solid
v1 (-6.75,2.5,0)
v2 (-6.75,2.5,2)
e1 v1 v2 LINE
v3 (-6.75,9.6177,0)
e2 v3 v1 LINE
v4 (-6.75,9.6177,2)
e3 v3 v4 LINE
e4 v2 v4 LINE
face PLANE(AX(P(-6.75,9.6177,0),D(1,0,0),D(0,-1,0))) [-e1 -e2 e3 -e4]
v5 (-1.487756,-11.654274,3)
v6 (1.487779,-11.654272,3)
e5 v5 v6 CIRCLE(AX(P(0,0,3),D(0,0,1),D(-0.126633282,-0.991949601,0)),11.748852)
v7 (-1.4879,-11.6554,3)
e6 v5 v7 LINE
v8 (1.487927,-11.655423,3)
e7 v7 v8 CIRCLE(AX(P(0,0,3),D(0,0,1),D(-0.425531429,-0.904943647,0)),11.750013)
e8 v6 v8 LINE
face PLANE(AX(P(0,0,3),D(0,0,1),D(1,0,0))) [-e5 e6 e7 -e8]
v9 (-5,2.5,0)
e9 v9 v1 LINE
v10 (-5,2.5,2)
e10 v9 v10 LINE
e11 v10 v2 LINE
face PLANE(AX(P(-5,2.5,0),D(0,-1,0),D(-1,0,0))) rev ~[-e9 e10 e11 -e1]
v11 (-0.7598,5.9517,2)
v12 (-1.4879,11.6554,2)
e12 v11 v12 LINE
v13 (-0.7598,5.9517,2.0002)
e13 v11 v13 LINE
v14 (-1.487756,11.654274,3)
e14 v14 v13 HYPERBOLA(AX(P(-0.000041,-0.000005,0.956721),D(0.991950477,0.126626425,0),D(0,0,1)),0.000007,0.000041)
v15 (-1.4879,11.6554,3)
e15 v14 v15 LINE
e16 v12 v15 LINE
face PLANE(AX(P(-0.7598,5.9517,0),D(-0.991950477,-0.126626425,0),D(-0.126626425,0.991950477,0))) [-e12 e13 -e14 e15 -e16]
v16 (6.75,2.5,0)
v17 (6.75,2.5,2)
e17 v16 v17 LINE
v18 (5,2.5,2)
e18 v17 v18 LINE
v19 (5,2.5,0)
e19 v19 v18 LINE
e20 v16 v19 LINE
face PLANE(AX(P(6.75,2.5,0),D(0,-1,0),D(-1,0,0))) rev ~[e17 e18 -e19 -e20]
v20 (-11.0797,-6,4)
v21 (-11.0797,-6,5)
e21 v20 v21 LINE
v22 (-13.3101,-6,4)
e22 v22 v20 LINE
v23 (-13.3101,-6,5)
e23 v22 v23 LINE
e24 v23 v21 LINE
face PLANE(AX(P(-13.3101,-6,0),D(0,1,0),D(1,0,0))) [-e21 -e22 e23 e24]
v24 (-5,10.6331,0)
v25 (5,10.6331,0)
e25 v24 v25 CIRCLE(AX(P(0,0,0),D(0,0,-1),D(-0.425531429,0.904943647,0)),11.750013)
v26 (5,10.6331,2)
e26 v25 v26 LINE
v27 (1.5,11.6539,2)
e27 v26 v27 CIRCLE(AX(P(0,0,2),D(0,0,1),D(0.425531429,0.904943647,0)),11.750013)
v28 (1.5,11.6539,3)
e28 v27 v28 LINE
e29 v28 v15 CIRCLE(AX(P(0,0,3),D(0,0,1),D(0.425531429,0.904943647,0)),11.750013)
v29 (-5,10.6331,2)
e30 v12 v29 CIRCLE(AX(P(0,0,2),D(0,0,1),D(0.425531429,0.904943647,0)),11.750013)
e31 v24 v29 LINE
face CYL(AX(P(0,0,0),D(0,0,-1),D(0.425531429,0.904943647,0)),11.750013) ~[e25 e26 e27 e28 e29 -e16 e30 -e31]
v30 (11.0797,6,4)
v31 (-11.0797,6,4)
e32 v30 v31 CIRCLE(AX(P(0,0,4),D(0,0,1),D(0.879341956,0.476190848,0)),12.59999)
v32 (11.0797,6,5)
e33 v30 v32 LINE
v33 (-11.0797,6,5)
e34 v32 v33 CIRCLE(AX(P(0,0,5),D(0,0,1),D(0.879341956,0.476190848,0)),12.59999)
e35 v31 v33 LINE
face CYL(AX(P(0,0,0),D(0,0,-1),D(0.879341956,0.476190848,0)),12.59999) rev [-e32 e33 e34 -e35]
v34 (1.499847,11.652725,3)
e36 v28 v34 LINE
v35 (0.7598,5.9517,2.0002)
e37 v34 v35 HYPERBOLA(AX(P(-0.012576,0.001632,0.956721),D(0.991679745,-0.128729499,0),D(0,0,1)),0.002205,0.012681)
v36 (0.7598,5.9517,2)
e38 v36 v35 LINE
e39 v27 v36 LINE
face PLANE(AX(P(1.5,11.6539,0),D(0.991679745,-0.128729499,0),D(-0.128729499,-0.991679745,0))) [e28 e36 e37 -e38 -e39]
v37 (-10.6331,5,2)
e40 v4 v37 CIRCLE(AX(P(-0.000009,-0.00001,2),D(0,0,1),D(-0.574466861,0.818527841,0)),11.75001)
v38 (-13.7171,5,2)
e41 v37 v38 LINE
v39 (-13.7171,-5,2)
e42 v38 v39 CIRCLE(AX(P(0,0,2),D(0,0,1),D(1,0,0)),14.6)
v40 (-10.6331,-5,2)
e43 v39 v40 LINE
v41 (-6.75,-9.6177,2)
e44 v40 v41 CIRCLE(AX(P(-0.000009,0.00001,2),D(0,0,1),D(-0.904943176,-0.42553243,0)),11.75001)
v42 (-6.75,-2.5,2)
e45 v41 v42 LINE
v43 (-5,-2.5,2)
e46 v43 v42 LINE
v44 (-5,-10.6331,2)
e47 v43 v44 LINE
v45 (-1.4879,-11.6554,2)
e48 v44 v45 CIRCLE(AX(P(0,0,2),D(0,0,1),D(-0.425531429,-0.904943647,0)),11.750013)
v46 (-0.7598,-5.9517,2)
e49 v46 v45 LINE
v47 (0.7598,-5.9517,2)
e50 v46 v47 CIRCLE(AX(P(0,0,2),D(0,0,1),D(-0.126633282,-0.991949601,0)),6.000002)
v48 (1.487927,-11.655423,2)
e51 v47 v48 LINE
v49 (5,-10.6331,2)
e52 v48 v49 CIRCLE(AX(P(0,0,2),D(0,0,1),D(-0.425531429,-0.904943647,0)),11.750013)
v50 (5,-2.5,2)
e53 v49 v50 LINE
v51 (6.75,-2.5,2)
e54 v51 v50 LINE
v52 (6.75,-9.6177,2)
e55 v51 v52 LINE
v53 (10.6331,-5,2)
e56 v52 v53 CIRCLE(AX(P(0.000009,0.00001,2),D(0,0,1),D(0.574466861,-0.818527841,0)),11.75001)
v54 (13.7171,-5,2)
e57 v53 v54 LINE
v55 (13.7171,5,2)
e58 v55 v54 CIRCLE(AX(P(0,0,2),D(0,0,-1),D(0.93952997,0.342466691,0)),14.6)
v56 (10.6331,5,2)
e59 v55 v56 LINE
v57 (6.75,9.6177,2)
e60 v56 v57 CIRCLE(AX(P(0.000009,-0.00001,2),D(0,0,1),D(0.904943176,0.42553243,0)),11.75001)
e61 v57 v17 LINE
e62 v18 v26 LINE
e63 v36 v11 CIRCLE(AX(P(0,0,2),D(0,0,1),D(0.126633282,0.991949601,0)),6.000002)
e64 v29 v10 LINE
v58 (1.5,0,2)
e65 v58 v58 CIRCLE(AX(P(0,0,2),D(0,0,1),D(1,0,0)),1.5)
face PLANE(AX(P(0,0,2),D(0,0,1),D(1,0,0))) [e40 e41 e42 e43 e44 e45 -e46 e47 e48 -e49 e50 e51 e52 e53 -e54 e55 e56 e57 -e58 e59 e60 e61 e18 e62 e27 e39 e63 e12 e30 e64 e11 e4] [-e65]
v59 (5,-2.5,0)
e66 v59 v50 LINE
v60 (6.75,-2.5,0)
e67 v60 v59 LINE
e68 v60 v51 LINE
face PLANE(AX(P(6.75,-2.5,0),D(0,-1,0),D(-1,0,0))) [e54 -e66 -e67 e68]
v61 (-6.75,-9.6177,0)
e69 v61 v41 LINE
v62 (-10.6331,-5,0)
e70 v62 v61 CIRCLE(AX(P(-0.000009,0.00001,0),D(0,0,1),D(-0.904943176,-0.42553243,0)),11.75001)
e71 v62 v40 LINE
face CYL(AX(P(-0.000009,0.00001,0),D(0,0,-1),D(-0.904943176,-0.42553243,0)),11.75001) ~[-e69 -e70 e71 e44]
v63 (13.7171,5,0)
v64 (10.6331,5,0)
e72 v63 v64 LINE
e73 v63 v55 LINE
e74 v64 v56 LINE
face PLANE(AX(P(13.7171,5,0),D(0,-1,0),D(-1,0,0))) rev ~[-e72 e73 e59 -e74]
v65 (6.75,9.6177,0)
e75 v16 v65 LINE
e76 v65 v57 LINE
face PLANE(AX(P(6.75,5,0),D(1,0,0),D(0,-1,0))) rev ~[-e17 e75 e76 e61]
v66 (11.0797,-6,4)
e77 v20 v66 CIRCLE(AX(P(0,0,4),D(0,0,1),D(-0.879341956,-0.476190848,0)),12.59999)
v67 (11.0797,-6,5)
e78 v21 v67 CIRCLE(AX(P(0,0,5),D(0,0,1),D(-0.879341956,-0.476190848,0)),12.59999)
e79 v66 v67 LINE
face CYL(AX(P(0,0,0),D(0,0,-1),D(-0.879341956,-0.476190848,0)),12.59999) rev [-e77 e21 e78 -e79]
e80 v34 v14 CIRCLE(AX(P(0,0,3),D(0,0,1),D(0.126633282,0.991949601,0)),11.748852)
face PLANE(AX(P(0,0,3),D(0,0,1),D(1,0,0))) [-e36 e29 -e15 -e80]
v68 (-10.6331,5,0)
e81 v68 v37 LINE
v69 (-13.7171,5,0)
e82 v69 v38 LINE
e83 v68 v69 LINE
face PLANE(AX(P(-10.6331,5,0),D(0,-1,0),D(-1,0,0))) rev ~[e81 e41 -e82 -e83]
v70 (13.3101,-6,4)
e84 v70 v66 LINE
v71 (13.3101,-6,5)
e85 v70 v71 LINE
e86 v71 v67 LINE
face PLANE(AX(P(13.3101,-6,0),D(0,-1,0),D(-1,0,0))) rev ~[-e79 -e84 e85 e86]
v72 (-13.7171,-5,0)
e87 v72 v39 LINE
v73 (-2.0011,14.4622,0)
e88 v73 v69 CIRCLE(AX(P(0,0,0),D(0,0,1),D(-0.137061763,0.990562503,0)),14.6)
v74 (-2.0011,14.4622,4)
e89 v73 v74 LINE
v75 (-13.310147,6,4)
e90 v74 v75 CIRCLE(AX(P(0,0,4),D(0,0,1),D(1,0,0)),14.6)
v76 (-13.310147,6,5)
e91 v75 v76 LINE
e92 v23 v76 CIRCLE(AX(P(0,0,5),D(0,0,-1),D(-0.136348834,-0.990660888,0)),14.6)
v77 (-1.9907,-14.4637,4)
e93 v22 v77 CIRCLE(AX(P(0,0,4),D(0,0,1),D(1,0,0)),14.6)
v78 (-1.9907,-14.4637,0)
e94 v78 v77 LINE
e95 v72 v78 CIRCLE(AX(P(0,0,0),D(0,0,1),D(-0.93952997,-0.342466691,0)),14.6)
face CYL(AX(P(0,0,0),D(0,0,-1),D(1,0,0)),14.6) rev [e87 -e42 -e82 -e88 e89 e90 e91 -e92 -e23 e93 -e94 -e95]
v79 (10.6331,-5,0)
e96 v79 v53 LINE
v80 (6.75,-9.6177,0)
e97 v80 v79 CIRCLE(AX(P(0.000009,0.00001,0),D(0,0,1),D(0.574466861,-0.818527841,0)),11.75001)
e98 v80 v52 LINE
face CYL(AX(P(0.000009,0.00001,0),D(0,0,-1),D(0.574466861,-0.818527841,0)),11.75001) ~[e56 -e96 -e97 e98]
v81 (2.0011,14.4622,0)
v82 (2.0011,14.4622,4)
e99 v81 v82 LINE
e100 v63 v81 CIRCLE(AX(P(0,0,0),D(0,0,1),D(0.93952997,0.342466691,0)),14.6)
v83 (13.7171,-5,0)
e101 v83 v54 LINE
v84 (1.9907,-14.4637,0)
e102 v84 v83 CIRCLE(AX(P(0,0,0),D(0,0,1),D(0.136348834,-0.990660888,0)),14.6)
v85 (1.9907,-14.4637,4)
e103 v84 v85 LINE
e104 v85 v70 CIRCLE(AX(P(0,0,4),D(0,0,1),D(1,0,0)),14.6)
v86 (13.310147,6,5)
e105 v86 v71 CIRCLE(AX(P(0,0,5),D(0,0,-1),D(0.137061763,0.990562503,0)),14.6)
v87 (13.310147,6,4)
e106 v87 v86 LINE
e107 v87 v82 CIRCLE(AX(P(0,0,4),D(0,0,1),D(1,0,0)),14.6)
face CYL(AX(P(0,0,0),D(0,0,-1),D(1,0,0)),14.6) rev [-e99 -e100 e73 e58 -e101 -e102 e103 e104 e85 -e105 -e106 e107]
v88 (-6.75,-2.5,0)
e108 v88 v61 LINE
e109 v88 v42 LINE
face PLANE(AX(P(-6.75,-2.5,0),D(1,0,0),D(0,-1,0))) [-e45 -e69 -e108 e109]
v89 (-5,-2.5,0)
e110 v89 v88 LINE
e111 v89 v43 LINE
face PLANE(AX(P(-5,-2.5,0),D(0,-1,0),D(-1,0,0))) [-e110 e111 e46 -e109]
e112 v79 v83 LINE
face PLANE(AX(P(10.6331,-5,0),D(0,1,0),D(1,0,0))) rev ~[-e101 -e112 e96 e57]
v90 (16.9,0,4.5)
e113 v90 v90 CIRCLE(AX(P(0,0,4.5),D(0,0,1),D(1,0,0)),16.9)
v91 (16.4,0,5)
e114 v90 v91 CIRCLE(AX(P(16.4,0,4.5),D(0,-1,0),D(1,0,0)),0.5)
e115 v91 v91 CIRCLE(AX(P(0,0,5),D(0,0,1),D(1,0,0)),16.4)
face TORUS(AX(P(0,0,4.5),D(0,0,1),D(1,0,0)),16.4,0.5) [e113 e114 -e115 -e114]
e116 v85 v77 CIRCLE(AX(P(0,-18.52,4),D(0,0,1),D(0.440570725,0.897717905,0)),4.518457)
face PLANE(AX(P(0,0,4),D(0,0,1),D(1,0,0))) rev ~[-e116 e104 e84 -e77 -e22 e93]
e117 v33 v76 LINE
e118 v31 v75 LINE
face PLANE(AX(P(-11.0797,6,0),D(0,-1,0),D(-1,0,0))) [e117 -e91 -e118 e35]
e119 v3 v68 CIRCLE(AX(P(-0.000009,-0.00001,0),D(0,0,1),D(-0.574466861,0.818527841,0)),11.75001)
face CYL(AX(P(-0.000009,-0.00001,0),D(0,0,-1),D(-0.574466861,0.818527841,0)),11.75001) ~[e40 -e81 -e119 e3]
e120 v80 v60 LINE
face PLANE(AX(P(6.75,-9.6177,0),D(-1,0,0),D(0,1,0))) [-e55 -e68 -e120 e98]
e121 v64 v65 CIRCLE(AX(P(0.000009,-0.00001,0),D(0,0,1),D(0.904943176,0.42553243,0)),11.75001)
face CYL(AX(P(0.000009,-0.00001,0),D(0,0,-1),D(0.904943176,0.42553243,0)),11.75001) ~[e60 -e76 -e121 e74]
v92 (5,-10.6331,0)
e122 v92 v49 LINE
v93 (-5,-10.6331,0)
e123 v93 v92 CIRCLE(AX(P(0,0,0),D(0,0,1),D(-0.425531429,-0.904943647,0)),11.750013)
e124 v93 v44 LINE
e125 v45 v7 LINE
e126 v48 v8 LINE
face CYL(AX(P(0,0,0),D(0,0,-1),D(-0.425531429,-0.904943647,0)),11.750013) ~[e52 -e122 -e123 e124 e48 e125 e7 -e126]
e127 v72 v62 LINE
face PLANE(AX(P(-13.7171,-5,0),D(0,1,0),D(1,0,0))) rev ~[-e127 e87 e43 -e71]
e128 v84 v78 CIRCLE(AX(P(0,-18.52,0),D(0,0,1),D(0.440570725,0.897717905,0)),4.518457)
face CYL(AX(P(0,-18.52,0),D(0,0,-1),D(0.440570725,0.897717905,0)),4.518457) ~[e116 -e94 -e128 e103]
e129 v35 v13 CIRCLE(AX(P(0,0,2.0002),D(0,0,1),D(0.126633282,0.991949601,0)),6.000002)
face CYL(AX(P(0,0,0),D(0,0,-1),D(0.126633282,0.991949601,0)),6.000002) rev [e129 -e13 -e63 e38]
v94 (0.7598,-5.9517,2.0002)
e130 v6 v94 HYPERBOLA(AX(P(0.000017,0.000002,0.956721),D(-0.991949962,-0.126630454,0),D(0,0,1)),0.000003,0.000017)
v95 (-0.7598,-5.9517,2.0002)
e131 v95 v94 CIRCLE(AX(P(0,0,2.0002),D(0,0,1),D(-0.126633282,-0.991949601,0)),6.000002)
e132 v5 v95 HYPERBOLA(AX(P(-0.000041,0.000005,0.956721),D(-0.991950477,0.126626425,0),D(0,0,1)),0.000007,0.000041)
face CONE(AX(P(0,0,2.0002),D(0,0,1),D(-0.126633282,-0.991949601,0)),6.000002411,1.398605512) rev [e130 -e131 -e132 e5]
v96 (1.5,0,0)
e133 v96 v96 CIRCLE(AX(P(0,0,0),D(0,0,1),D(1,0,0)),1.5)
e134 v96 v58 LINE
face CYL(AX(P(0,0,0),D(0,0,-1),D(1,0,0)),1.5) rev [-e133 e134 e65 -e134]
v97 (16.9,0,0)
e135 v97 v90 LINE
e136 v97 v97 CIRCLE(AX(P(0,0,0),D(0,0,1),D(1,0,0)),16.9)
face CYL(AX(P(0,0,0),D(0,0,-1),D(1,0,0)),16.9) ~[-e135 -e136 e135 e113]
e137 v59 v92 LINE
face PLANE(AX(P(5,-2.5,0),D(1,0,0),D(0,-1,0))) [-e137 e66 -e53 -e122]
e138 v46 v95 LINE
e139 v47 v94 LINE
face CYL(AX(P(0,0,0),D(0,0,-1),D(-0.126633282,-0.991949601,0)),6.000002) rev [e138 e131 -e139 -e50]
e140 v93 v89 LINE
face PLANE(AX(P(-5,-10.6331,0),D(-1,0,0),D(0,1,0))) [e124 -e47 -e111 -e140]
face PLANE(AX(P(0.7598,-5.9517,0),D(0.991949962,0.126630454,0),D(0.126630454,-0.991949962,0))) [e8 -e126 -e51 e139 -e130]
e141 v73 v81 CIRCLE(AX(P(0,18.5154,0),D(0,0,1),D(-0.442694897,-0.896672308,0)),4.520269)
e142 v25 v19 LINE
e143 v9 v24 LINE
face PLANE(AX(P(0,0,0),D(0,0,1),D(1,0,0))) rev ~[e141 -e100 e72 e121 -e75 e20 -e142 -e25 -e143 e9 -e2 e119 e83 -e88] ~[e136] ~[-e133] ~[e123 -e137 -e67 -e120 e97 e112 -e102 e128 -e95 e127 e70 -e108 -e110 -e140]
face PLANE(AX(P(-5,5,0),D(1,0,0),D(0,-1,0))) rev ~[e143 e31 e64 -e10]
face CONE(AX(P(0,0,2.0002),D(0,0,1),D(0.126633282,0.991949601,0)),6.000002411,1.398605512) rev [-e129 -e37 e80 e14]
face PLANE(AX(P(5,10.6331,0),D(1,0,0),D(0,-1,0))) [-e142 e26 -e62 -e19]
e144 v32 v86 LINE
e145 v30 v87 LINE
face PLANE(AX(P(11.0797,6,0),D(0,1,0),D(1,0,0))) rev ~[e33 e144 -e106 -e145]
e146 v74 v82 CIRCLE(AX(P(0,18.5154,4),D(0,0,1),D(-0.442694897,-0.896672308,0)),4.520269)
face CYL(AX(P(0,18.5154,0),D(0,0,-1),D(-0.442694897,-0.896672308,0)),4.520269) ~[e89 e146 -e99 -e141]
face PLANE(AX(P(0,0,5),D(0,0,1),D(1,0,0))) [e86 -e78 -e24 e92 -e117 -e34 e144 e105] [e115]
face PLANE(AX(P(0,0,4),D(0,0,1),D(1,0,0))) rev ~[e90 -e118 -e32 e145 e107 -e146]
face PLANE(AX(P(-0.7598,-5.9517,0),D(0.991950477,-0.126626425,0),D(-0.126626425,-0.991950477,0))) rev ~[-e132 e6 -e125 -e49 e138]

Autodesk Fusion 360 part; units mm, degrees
sketch "Sketch1" plane through (0, 0, 0) normal (0, 0, 1) x (1, 0, 0)
  circle A0 centre (0, 0) radius 1.5
  circle A1 centre (0, 0) radius 16.9
  circle A2 centre (0, 0) radius 14.6
  line L0 (0, 0) -> (25.4189, 0) construction
  line L1 (-6.75, -9.6177) -> (-6.75, 9.6177) construction
  line L2 (6.75, 9.6177) -> (6.75, -10.6368) construction
  line L3 (-6.75, 9.6177) -> (-6.75, 5)
  line L4 (6.75, 5) -> (6.75, 9.6177)
  line L5 (-6.75, -9.6177) -> (-6.75, -5)
  line L6 (6.75, -9.6177) -> (6.75, -5)
  line L7 (-10.6331, 5) -> (-13.7171, 5)
  line L8 (-13.7171, -5) -> (-10.6331, -5)
  arc A3 (-5, -10.6331) -> (5, -10.6331) centre (0, 0) ccw
  line L9 (13.7171, 5) -> (10.6331, 5)
  line L10 (10.6331, -5) -> (13.7171, -5)
  arc A4 (6.75, -9.6177) -> (10.6331, -5) centre (0, 0) ccw
  arc A5 (-6.75, 9.6177) -> (-10.6331, 5) centre (0, 0) ccw
  arc A6 (-10.6331, -5) -> (-6.75, -9.6177) centre (0, 0) ccw
  line L11 (-13.3404, 6) -> (-13.3404, -6) construction
  line L12 (13.3404, -6) -> (13.3404, 6) construction
  line L13 (-11.0797, 6) -> (-13.3404, 6)
  line L14 (11.0797, 6) -> (13.3404, 6)
  line L15 (13.3101, -6) -> (11.0797, -6)
  line L16 (-13.3101, -6) -> (-11.0797, -6)
  line L17 (-13.3404, -6) -> (-11.0797, -6) construction
  line L18 (-11.0797, 6) -> (-13.3404, 6) construction
  arc A7 (11.0797, 6) -> (-11.0797, 6) centre (0, 0) ccw
  line L19 (13.3404, 6) -> (11.0797, 6) construction
  line L20 (10.1026, 6) -> (-10.1026, 6) construction
  arc A8 (-11.0797, -6) -> (11.0797, -6) centre (0, 0) ccw
  line L21 (-10.1026, -6) -> (10.1026, -6) construction
  line L22 (11.0797, -6) -> (13.3404, -6) construction
  arc A9 (10.6331, 5) -> (6.75, 9.6177) centre (0, 0) ccw
  arc A10 (5, 10.6331) -> (-5, 10.6331) centre (0, 0) ccw
  line L23 (-5, -10.6368) -> (-5, -5)
  line L24 (-5, 5) -> (-5, 10.6368)
  line L25 (5, 10.6368) -> (5, 5)
  line L26 (5, -5) -> (5, -10.6368)
  line L27 (-5, 5) -> (-5, 2.5)
  line L28 (-5, 2.5) -> (-6.75, 2.5)
  line L29 (-6.75, 2.5) -> (-6.75, 5)
  line L30 (-5, -5) -> (-5, -2.5)
  line L31 (-5, -2.5) -> (-6.75, -2.5)
  line L32 (-6.75, -2.5) -> (-6.75, -5)
  line L33 (6.75, -5) -> (6.75, -2.5)
  line L34 (6.75, -2.5) -> (5, -2.5)
  line L35 (5, -2.5) -> (5, -5)
  line L36 (6.75, 5) -> (6.75, 2.5)
  line L37 (6.75, 2.5) -> (5, 2.5)
  line L38 (5, 2.5) -> (5, 5)
  line L39 (1.5, -11.75) -> (-1.5, -11.75) construction
  line L40 (-1.5, -11.75) -> (-1.5, 11.75) construction
  line L41 (-1.5, 11.75) -> (1.5, 11.75) construction
  line L42 (1.5, 11.75) -> (1.5, -11.75) construction
  line L43 (1.5, -11.75) -> (-1.5, 11.75) construction
  line L44 (-1.5, -11.75) -> (1.5, 11.75) construction
  arc A11 (-0.7598, -5.9517) -> (0.7598, -5.9517) centre (0, 0) ccw
  line L45 (-0.7598, -5.9517) -> (-1.4879, -11.6554)
  line L46 (0.7598, -5.9517) -> (1.5, -11.75)
  arc A12 (0.7598, 5.9517) -> (-0.7598, 5.9517) centre (0, 0) ccw
  line L47 (-0.7598, 5.9517) -> (-1.4879, 11.6554)
  line L48 (1.5, 11.6539) -> (0.7598, 5.9517)
  line L49 (0, 0) -> (0, 17.8654) construction
  line L50 (0, 0) -> (0, -17.7378) construction
  arc A13 (1.9907, -14.4637) -> (-1.9907, -14.4637) centre (0, -18.52) ccw
  arc A14 (-2.0011, 14.4622) -> (2.0011, 14.4622) centre (0, 18.5154) ccw
  dimension "d1" = 3
  dimension "d2" = 23.5
  dimension "d4" = 33.8
  dimension "d5" = 29.2
  dimension "d10" = 12
  dimension "d11" = 2.5
  dimension "d12" = 2.5
  dimension "d13" = 2.5
  dimension "d14" = 2.5
  dimension "d15" = 3
  dimension "d16" = 23.5
  dimension "d18" = 6
  dimension "d19" = 6
extrude "Extrude1" add sketch "Sketch1" along normal blind 2 contours A2 L3 L4 L5 L6 L7 L8 A3 L9 L10 A4 A5 A6 A9 A10 L23 L24 L25 L26 L27 L28 L29 L30 L31 L32 L33 L34 L35 L36 L37 L38 A11 L45 L46 A12 L47 L48
extrude "Extrude2" add sketch "Sketch1" along normal blind 3 contours A10 A12 L47 L48
chamfer "Chamfer1" distance 5.75 distance2 1 1 edges at (0, 6, 3) measured on face at (0.9217, 9.7816, 3)
extrude "Extrude3" add sketch "Sketch1" along normal blind 3 contours A3 A11 L45 L46
chamfer "Chamfer2" distance 5.75 distance2 1 1 edges at (0, -6, 3) measured on face at (-0.7463, -9.7965, 3)
extrude "Extrude4" add sketch "Sketch1" along normal blind 5 contours A1 | A2 A14 | A2 A13
extrude "Extrude5" add sketch "Sketch1" along normal blind 5 contours A2 L13 L14 A7 A14 | A2 L15 L16 A8 A13
extrude "Extrude6" cut sketch "Sketch1" along normal blind 4 contours A2 L13 L14 A7 A14 | A2 L15 L16 A8 A13
fillet "Fillet1" radius 0.5 1 edges at (-15.7563, -6.1113, 5)
component "Holder" placed x (1, 0, 0) y (0, 1, 0) z (0, 0, 1) at (0, 0, 0)
component "stem" placed x (1, 0, 0) y (0, 1, 0) z (0, 0, 1) at (0, 0, 0)
